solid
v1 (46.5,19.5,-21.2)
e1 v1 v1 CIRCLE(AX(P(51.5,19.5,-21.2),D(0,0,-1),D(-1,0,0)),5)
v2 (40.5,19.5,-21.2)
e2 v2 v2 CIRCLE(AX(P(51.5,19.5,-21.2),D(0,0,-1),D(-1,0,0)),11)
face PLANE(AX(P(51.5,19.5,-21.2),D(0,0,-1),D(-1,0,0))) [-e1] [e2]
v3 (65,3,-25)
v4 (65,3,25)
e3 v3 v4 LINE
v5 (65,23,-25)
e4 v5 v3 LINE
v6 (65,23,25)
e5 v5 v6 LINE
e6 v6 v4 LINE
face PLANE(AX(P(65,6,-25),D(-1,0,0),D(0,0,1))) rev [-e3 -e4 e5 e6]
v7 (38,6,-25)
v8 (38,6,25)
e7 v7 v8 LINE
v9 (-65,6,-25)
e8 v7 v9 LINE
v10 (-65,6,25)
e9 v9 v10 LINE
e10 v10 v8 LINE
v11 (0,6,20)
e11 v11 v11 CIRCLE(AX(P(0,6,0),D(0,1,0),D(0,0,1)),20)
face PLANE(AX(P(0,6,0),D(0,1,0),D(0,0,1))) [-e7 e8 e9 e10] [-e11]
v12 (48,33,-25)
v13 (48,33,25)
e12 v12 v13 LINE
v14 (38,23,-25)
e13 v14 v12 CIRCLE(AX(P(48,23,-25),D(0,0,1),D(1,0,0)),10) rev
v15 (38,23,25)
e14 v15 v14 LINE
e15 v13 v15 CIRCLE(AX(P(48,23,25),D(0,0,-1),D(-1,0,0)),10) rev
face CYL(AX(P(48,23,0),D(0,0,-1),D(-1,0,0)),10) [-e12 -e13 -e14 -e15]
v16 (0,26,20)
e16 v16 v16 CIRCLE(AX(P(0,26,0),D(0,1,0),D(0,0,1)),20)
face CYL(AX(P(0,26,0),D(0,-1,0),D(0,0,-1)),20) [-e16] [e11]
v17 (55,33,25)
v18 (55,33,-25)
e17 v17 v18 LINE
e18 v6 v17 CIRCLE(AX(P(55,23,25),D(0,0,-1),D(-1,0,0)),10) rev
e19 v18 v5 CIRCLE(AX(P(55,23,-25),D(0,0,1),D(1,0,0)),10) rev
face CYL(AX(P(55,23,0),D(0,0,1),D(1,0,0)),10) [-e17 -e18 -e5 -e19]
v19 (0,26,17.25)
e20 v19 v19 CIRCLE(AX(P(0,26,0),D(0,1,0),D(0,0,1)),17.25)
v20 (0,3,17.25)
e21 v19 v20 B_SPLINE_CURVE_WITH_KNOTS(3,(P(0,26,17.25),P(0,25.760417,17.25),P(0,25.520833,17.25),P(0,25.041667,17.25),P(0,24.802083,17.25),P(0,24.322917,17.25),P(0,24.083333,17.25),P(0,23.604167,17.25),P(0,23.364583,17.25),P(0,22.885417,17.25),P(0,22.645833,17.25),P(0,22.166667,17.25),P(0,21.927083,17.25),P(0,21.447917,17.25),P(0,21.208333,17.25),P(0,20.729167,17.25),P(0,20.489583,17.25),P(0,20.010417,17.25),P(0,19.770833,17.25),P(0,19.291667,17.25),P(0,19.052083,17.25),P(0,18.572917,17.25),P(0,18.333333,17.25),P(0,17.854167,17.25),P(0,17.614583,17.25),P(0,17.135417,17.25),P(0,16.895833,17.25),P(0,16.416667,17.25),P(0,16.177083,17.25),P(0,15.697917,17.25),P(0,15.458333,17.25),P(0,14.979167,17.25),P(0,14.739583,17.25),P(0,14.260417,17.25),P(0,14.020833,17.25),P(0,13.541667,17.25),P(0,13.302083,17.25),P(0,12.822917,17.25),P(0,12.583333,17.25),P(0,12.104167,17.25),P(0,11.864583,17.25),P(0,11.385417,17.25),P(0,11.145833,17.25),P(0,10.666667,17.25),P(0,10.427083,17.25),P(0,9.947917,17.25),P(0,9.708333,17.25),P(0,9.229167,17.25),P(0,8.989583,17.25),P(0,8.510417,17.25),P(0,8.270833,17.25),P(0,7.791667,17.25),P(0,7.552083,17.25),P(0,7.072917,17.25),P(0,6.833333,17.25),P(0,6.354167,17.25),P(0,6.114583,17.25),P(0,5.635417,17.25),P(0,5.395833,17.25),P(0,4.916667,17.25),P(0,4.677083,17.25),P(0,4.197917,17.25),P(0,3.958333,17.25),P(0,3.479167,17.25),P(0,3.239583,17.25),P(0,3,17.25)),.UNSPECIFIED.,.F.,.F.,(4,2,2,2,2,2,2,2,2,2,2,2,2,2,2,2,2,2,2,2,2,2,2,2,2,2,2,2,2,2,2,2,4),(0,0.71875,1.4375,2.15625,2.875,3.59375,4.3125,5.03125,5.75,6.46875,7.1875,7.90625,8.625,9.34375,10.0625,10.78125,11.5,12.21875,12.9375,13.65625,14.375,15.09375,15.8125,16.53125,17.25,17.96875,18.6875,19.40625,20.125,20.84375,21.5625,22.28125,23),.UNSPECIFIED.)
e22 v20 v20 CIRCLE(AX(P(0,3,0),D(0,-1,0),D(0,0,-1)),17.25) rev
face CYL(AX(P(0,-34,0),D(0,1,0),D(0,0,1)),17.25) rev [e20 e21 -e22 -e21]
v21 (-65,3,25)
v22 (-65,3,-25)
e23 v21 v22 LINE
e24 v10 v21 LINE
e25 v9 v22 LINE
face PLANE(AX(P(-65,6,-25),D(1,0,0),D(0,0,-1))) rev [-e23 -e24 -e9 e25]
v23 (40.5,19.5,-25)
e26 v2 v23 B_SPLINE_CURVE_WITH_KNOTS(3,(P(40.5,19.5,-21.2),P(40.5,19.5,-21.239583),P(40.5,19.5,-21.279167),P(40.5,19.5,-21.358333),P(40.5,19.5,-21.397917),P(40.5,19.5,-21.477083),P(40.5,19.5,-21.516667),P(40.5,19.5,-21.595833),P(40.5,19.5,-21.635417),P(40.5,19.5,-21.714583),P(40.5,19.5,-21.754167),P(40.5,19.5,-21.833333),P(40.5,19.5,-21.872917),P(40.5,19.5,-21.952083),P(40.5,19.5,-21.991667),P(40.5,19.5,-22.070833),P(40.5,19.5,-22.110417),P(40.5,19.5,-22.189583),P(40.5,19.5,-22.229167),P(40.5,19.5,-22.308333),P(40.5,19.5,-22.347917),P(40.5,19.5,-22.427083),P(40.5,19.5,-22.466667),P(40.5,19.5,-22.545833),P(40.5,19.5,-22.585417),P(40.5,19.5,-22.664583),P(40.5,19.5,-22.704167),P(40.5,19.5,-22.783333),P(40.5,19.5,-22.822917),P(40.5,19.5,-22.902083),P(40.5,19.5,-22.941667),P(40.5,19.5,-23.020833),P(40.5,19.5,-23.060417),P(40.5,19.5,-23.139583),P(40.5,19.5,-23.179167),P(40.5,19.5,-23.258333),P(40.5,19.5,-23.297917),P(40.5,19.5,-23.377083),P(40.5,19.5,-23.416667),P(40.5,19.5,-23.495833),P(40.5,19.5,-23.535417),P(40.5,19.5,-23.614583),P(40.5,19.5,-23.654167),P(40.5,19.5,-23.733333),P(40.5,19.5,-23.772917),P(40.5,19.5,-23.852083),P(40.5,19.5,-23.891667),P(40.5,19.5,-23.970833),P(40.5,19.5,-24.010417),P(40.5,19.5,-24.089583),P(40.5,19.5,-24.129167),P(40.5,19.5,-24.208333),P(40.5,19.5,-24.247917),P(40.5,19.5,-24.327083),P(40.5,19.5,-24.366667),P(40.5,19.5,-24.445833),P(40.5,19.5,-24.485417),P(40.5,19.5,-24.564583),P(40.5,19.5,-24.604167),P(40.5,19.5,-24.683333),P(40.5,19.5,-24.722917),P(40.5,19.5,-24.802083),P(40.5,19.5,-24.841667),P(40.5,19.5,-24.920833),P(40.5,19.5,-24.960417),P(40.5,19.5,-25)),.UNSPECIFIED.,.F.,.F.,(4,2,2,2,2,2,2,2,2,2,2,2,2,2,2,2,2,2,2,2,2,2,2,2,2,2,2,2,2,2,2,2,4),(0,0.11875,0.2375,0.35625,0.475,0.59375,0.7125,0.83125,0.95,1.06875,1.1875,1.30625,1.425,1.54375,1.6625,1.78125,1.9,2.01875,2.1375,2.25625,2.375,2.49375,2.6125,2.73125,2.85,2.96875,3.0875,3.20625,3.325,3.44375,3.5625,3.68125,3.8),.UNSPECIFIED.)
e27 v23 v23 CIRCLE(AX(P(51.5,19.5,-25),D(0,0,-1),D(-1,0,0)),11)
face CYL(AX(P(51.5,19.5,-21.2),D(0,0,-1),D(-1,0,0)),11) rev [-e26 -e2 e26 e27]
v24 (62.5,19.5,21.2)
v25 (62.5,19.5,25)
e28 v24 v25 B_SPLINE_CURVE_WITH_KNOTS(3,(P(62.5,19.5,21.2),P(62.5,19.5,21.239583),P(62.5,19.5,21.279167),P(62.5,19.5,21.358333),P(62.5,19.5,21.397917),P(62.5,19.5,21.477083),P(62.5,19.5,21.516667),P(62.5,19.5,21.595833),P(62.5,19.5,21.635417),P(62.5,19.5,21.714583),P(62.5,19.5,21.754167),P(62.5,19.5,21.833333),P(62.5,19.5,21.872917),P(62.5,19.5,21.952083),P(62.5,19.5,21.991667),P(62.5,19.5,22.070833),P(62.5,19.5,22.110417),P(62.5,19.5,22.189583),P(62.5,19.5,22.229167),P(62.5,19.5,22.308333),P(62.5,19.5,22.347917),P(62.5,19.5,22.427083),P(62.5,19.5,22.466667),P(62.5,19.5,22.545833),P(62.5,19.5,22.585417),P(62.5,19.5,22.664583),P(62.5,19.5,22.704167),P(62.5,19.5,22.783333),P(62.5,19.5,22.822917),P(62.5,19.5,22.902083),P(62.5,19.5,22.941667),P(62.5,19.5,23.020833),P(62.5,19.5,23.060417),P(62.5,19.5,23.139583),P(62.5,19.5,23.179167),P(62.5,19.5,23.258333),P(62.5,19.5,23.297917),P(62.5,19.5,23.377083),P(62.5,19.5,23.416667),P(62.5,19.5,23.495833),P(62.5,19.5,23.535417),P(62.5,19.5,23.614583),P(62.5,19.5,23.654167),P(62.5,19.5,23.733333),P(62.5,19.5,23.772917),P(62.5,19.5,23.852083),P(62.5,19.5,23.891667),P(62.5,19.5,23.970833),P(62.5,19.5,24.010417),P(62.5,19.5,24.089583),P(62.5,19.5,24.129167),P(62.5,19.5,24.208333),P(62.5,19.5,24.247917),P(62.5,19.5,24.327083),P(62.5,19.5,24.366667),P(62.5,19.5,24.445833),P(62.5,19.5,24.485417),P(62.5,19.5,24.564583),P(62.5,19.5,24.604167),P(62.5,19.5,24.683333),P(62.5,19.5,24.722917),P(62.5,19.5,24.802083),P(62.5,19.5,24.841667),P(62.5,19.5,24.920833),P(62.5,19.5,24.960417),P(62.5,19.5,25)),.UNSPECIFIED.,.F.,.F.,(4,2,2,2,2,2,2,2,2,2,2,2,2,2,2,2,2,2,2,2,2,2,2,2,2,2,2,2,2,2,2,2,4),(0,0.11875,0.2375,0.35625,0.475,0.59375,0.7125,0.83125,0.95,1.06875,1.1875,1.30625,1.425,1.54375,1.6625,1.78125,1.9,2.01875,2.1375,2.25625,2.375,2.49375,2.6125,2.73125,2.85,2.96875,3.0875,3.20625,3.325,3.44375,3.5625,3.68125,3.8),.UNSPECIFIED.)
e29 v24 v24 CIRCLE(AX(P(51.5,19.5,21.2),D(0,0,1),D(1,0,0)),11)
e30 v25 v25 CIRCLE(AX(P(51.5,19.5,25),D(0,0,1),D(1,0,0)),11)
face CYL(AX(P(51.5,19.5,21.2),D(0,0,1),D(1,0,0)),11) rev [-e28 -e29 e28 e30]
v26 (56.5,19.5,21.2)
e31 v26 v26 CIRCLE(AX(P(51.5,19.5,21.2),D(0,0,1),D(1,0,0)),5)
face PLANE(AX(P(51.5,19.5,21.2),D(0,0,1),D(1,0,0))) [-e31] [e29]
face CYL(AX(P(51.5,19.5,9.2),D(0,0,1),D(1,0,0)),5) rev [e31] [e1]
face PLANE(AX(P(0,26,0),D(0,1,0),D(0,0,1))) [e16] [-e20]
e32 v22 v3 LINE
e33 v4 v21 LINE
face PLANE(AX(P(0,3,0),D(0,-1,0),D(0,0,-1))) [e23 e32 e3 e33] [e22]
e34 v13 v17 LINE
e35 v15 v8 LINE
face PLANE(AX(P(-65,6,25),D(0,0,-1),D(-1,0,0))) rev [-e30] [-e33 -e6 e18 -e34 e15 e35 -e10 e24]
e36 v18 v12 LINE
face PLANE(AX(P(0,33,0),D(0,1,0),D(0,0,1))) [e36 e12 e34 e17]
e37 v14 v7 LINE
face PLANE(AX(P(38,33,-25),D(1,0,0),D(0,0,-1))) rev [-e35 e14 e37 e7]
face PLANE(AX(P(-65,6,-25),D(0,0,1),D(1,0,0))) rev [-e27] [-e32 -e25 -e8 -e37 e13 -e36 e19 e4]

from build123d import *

# Parameters (mm, degrees)
BOSS_EXTRUDE2_DEPTH = 6
BOSS_EXTRUDE4_DEPTH = 27.000000000000004
SKETCH6_R           = 10.999999999999993
CUT_EXTRUDE3_DEPTH  = 3.8
SKETCH8_R           = 4.999999999999997
CUT_EXTRUDE4_DEPTH  = 12
CUT_EXTRUDE5_START  = -3.8
SKETCH9_R           = 11
CUT_EXTRUDE5_DEPTH  = 3.8
CUT_EXTRUDE6_START  = -12.5
SKETCH10_R          = 4.999999999999997
CUT_EXTRUDE6_DEPTH  = 12.5
FILLET1_R           = 10
FILLET2_R           = 10
CUT_EXTRUDE7_START  = -90
SKETCH10_2_R        = 4.999999999999997
CUT_EXTRUDE7_DEPTH  = 90
SKETCH14_R          = 20
BOSS_EXTRUDE5_DEPTH = 20
SKETCH15_R          = 17.25
CUT_EXTRUDE8_DEPTH  = 60.00000000000001
SKETCH16_W          = 130
SKETCH16_H          = 50
CUT_EXTRUDE9_DEPTH  = 3


with BuildPart() as part:
    # Sketch1 → Boss-Extrude2 (new body)
    with BuildSketch(Plane(origin=(0, 0, 0), x_dir=(1, 0, 0), z_dir=(0, 1, 0))):
        Polygon((-64.99999999999997, 24.999999999999993), (65.00000000000003, 24.999999999999993), (65.00000000000001, -25.000000000000007), (-64.99999999999999, -25.000000000000007), align=None)
    extrude(amount=BOSS_EXTRUDE2_DEPTH)

    # Sketch5 → Boss-Extrude4 (add)
    with BuildSketch(Plane(origin=(0, 6, 0), x_dir=(1, 0, 0), z_dir=(0, 1, 0))):
        Polygon((38.000000000000014, 24.999999999999993), (65.00000000000001, 24.999999999999993), (65.00000000000001, -25.000000000000007), (38.00000000000003, -25.000000000000007), align=None)
    extrude(amount=BOSS_EXTRUDE4_DEPTH)

    # Sketch6 → Cut-Extrude3 (cut)
    with BuildSketch(Plane.XY.offset(25.000000000000007)):
        with Locations((51.50000000000002, 19.5)):
            Circle(SKETCH6_R)
    extrude(amount=-CUT_EXTRUDE3_DEPTH, mode=Mode.SUBTRACT)

    # Sketch8 → Cut-Extrude4 (cut)
    with BuildSketch(Plane.XY.offset(21.200000000000006)):
        with Locations((51.50000000000002, 19.5)):
            Circle(SKETCH8_R)
    extrude(amount=-CUT_EXTRUDE4_DEPTH, mode=Mode.SUBTRACT)

    # Sketch9 → Cut-Extrude5 (cut)
    with BuildSketch(Plane(origin=(0, 0, -24.999999999999993), x_dir=(-1, 0, 0), z_dir=(0, 0, -1)).offset(CUT_EXTRUDE5_START)):
        with Locations((-51.50000000000003, 19.5)):
            Circle(SKETCH9_R)
    extrude(amount=CUT_EXTRUDE5_DEPTH, mode=Mode.SUBTRACT)

    # Sketch10 → Cut-Extrude6 (cut)
    with BuildSketch(Plane(origin=(0, 0, -21.199999999999992), x_dir=(-1, 0, 0), z_dir=(0, 0, -1)).offset(CUT_EXTRUDE6_START)):
        with Locations((-51.50000000000003, 19.5)):
            Circle(SKETCH10_R)
    extrude(amount=CUT_EXTRUDE6_DEPTH, mode=Mode.SUBTRACT)

    # Fillet1
    fillet1_edges = [part.edges().sort_by_distance(p)[0] for p in [
        (38.00000000000002, 33, 7.11e-15),
    ]]
    fillet(fillet1_edges, radius=FILLET1_R)

    # Fillet2
    fillet2_edges = [part.edges().sort_by_distance(p)[0] for p in [
        (65.00000000000001, 33, 7.11e-15),
    ]]
    fillet(fillet2_edges, radius=FILLET2_R)

    # Sketch10<2> → Cut-Extrude7 (cut)
    with BuildSketch(Plane(origin=(0, 0, -21.199999999999992), x_dir=(-1, 0, 0), z_dir=(0, 0, -1)).offset(CUT_EXTRUDE7_START)):
        with Locations((-51.50000000000003, 19.5)):
            Circle(SKETCH10_2_R)
    extrude(amount=CUT_EXTRUDE7_DEPTH, mode=Mode.SUBTRACT)

    # Sketch14 → Boss-Extrude5 (add)
    with BuildSketch(Plane(origin=(0, 6, 0), x_dir=(1, 0, 0), z_dir=(0, 1, 0))):
        Circle(SKETCH14_R)
    extrude(amount=BOSS_EXTRUDE5_DEPTH)

    # Sketch15 → Cut-Extrude8 (cut)
    with BuildSketch(Plane(origin=(0, 26.000000000000004, 0), x_dir=(1, 0, 0), z_dir=(0, 1, 0))):
        Circle(SKETCH15_R)
    extrude(amount=-CUT_EXTRUDE8_DEPTH, mode=Mode.SUBTRACT)

    # Sketch16 → Cut-Extrude9 (cut)
    with BuildSketch(Plane.XZ):
        Rectangle(SKETCH16_W, SKETCH16_H)
    extrude(amount=-CUT_EXTRUDE9_DEPTH, mode=Mode.SUBTRACT)


solid = part.part
